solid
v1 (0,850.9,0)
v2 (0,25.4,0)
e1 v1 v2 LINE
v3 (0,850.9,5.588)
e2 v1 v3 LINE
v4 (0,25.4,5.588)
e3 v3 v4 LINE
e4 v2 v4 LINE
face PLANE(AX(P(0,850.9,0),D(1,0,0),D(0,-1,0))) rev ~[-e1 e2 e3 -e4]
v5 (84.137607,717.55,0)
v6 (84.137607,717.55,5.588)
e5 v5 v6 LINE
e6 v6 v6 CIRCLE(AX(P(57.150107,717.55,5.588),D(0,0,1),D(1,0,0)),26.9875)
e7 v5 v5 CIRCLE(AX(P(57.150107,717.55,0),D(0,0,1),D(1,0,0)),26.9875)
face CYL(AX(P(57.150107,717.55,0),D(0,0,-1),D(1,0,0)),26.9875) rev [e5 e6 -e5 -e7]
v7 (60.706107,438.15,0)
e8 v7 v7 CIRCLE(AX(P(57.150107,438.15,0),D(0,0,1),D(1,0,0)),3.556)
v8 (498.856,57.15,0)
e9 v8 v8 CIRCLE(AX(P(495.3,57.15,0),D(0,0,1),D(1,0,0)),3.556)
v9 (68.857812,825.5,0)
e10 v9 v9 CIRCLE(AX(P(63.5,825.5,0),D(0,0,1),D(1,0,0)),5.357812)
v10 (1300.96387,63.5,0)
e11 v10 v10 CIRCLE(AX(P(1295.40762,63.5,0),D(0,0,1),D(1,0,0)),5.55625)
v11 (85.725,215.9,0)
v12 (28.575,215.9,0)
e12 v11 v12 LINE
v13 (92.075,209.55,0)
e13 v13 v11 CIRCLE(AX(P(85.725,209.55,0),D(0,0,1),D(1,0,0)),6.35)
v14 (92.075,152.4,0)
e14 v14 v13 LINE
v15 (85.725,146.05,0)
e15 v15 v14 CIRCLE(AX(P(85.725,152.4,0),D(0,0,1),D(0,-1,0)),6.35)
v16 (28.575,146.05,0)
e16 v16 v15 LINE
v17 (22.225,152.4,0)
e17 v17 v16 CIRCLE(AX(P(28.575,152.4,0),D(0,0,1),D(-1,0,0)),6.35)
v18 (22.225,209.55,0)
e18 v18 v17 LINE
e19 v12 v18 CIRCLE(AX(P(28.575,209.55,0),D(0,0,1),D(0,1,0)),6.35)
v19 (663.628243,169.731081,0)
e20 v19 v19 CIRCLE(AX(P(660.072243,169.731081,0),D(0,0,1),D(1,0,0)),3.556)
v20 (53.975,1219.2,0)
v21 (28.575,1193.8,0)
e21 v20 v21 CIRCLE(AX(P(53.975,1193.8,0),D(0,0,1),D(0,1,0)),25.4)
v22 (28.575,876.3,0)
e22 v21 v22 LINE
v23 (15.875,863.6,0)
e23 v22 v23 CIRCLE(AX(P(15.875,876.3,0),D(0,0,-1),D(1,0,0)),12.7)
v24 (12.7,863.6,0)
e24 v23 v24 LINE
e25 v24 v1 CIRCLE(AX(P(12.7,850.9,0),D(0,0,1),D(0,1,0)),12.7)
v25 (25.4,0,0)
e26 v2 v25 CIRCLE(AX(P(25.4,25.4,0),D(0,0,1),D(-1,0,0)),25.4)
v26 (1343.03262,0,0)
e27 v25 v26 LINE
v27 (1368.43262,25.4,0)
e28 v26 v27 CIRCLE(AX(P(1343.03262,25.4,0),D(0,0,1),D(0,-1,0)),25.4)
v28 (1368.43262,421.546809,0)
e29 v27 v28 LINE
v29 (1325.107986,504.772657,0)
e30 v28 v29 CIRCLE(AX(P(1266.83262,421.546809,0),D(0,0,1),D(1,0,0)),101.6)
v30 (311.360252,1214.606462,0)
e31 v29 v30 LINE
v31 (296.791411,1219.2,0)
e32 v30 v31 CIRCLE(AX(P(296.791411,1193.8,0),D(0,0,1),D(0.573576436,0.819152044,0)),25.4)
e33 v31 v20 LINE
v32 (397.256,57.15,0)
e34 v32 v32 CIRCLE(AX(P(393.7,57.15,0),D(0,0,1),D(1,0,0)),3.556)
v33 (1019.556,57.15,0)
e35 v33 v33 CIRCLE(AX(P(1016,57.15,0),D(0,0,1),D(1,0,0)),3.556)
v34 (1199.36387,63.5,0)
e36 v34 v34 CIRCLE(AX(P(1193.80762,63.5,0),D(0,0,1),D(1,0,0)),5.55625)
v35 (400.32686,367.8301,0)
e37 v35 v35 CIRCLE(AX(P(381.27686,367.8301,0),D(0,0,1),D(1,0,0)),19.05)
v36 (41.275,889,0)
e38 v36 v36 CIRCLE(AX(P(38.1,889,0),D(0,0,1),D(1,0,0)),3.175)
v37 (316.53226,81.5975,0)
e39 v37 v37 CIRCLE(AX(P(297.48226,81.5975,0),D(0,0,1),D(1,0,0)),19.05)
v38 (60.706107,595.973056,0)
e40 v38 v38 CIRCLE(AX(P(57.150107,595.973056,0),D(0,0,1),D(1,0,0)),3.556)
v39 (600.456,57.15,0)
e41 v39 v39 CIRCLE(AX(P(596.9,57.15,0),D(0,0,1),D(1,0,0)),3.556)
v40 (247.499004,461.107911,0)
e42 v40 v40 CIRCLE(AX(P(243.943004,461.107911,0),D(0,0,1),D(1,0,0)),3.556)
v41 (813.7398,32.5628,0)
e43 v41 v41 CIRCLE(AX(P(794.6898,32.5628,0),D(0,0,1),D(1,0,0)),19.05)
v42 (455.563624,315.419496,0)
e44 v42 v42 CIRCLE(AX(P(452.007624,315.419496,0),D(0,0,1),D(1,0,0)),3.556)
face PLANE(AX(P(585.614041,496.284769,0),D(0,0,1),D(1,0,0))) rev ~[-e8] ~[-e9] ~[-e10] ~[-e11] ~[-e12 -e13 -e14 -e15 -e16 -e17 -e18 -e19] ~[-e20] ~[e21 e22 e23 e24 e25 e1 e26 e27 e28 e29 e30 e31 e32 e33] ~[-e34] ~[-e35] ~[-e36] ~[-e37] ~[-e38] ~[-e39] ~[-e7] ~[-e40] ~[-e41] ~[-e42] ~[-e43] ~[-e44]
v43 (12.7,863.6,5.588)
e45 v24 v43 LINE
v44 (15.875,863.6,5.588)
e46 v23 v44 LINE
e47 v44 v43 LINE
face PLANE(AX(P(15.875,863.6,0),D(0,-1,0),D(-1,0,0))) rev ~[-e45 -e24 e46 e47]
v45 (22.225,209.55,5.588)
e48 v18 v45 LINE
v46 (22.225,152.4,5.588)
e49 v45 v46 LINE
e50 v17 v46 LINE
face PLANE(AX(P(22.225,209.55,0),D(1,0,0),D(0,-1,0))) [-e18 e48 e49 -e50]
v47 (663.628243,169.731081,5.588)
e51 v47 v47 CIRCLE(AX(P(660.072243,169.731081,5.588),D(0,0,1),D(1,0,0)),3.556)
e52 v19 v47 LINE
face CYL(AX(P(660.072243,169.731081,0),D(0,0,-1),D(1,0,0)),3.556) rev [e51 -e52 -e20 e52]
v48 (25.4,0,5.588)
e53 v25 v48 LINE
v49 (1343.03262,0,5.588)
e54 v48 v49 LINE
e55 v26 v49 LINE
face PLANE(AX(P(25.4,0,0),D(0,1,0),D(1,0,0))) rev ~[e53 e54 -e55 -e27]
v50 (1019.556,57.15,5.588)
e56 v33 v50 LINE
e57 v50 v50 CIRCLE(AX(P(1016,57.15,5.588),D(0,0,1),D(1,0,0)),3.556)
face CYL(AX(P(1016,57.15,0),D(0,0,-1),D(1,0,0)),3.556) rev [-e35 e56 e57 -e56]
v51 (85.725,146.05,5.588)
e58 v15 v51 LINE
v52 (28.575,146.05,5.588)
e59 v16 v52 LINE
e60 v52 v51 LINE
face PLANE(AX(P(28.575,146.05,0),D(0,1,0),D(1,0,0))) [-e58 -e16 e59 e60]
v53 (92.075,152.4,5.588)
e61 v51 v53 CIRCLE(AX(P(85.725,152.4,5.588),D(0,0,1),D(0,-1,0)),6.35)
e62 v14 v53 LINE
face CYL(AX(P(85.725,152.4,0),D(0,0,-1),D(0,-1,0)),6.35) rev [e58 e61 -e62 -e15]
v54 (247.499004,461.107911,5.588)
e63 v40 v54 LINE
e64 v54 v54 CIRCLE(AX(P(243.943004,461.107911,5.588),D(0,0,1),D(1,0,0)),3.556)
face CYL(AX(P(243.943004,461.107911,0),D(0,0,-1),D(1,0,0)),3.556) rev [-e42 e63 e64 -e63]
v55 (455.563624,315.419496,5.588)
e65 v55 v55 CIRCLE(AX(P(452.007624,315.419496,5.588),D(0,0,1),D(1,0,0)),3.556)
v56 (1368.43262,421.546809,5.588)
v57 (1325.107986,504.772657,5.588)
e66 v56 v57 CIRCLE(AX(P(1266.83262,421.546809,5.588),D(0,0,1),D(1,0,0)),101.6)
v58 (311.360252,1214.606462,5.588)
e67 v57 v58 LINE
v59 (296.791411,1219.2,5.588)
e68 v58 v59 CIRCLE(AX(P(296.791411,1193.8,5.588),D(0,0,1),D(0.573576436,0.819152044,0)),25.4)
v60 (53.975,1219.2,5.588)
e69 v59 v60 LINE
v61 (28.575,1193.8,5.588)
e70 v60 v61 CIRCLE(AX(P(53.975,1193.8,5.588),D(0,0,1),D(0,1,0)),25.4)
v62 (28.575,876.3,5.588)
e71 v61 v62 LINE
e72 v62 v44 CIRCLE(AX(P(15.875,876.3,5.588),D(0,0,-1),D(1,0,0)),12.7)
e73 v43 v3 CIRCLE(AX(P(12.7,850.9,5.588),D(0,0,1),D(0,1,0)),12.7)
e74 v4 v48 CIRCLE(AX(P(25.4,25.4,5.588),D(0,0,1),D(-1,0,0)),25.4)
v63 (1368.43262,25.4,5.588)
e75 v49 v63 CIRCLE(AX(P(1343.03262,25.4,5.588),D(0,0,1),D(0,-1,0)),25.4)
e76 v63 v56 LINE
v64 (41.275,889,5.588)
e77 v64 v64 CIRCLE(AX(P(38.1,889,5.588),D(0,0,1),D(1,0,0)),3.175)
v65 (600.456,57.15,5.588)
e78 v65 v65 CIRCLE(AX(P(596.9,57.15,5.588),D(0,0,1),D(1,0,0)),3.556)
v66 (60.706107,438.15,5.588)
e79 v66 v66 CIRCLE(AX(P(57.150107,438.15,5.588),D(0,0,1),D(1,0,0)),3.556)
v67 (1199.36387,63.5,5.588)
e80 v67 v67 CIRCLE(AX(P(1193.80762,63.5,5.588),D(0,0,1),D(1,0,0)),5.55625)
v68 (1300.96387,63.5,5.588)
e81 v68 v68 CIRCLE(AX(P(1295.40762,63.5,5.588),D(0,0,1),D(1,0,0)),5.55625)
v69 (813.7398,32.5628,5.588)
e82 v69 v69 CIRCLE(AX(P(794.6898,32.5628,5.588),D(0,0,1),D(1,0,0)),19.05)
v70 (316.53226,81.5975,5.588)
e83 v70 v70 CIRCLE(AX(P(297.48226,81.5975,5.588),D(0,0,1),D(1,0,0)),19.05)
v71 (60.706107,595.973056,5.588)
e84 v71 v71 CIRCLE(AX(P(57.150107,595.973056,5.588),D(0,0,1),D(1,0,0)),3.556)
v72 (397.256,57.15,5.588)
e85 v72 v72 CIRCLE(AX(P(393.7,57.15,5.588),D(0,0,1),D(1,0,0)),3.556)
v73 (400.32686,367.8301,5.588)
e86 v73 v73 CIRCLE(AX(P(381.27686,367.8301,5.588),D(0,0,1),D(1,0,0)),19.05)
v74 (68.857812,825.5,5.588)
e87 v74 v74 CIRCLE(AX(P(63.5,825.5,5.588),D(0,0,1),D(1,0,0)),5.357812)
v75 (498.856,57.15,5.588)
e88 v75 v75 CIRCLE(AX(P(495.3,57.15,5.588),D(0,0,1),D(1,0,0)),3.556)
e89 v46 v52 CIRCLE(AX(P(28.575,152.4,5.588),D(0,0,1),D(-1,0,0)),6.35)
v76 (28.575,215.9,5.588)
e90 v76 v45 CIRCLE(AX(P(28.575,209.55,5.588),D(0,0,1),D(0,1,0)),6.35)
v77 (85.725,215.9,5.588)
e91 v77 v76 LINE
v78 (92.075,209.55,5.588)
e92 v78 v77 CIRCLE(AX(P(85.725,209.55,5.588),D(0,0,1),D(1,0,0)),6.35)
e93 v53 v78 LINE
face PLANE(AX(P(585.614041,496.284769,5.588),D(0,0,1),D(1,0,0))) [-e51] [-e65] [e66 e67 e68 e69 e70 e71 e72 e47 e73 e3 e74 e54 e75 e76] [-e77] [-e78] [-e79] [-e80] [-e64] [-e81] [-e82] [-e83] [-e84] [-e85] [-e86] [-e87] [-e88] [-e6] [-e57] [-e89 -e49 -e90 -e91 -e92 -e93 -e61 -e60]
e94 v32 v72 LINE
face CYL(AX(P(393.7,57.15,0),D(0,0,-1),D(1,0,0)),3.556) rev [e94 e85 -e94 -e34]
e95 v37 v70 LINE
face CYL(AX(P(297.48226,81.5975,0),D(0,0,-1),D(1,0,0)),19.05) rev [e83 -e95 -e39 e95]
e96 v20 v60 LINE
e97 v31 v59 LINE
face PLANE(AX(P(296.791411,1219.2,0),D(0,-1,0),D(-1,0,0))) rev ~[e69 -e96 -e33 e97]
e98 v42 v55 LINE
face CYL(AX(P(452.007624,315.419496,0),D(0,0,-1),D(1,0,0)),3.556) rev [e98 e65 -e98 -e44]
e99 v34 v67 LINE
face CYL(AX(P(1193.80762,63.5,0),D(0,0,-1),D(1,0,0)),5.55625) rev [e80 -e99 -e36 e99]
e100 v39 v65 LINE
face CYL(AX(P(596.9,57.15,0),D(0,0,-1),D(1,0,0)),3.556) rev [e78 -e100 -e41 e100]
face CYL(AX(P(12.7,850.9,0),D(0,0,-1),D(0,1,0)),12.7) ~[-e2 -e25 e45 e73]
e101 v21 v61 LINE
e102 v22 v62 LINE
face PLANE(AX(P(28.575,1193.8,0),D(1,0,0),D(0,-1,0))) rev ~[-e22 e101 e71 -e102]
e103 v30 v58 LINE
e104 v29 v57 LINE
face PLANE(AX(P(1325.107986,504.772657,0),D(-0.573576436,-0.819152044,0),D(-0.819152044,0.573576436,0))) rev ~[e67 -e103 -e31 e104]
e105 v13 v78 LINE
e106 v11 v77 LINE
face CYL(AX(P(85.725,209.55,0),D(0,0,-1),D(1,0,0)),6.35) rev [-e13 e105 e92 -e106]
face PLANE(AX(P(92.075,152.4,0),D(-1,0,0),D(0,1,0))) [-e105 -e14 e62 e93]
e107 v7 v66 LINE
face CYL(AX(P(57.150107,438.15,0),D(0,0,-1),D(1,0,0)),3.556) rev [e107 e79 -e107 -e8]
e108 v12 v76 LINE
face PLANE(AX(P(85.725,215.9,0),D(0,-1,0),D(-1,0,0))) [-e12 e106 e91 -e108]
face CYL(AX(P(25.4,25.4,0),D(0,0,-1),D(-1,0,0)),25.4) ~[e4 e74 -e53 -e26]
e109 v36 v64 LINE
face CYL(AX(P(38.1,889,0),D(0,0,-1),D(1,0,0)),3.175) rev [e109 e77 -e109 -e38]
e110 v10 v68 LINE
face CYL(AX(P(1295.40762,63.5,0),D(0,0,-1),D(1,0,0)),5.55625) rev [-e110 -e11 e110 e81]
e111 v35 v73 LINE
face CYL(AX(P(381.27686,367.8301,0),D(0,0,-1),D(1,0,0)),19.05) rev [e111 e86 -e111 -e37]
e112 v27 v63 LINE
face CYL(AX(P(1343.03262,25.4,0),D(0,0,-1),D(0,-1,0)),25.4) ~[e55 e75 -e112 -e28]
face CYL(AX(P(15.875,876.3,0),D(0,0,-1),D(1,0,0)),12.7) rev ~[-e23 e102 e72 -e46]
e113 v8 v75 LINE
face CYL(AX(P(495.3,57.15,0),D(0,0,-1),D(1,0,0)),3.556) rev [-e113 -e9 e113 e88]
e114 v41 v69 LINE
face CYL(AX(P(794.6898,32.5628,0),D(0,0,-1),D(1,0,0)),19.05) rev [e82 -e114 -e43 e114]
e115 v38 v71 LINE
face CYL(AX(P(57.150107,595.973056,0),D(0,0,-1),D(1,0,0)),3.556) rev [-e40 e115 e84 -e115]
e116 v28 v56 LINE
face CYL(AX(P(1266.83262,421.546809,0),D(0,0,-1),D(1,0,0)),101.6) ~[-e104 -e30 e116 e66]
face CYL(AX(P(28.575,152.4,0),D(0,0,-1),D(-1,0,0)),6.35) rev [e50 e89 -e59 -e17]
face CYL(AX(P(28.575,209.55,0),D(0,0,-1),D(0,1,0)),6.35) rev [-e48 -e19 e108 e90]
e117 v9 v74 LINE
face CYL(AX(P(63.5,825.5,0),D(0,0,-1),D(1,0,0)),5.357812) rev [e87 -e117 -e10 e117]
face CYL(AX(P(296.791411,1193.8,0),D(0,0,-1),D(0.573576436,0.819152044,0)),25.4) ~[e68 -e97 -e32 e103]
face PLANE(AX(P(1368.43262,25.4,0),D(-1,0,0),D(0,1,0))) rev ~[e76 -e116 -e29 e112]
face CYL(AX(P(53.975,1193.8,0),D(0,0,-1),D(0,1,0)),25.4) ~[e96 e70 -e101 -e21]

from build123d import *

# Parameters (mm, degrees)
SKETCH1_R           = 19.05
SKETCH1_R_2         = 26.987499999
SKETCH1_R_3         = 3.556
SKETCH1_R_4         = 5.55625
SKETCH1_R_5         = 3.175
SKETCH1_R_6         = 5.3578125
BOSS_EXTRUDE1_DEPTH = 5.588


with BuildPart() as part:
    # Sketch1 → Boss-Extrude1 (new body)
    with BuildSketch(Plane.XY):
        with BuildLine():
            Line((1368.43262, 25.4), (1368.43262, 421.546809256))
            ThreePointArc((1368.43262, 421.546809256), (1356.952920651, 468.460468361), (1325.107985933, 504.772656956))
            Line((1325.107985933, 504.772656956), (311.360252246, 1214.606461927))
            ThreePointArc((311.360252246, 1214.606461927), (304.42933807, 1218.024410551), (296.791410762, 1219.200000002))
            Line((296.791410762, 1219.200000002), (53.975, 1219.200000002))
            ThreePointArc((53.975, 1219.200000002), (36.014487758, 1211.760512244), (28.575, 1193.800000002))
            Line((28.575, 1193.800000002), (28.575, 876.300000002))
            ThreePointArc((28.575, 876.300000002), (24.855256121, 867.319743881), (15.875, 863.600000002))
            Line((15.875, 863.600000002), (12.7, 863.600000002))
            ThreePointArc((12.7, 863.600000002), (3.719743879, 859.880256123), (0, 850.900000002))
            Line((0, 850.900000002), (0, 25.4))
            ThreePointArc((0, 25.4), (7.439487758, 7.439487758), (25.4, 0))
            Line((25.4, 0), (1343.03262, 0))
            ThreePointArc((1343.03262, 0), (1360.993132242, 7.439487758), (1368.43262, 25.4))
        make_face()
        with Locations((794.6898, 32.562800001)):
            Circle(SKETCH1_R, mode=Mode.SUBTRACT)
        with Locations((381.27686, 367.8301)):
            Circle(SKETCH1_R, mode=Mode.SUBTRACT)
        with Locations((57.150106704, 717.550000002)):
            Circle(SKETCH1_R_2, mode=Mode.SUBTRACT)
        with Locations((297.48226, 81.5975)):
            Circle(SKETCH1_R, mode=Mode.SUBTRACT)
        with Locations((57.150106704, 595.973055669)):
            Circle(SKETCH1_R_3, mode=Mode.SUBTRACT)
        with Locations((57.150106704, 438.150000002)):
            Circle(SKETCH1_R_3, mode=Mode.SUBTRACT)
        with Locations((243.943004281, 461.107910727)):
            Circle(SKETCH1_R_3, mode=Mode.SUBTRACT)
        with Locations((452.007623531, 315.419495894)):
            Circle(SKETCH1_R_3, mode=Mode.SUBTRACT)
        with Locations((660.07224278, 169.731081062)):
            Circle(SKETCH1_R_3, mode=Mode.SUBTRACT)
        with Locations((393.7, 57.150000001)):
            Circle(SKETCH1_R_3, mode=Mode.SUBTRACT)
        with Locations((495.3, 57.150000001)):
            Circle(SKETCH1_R_3, mode=Mode.SUBTRACT)
        with Locations((596.9, 57.150000001)):
            Circle(SKETCH1_R_3, mode=Mode.SUBTRACT)
        with Locations((1016, 57.150000001)):
            Circle(SKETCH1_R_3, mode=Mode.SUBTRACT)
        with Locations((1193.80762, 63.5)):
            Circle(SKETCH1_R_4, mode=Mode.SUBTRACT)
        with Locations((1295.40762, 63.5)):
            Circle(SKETCH1_R_4, mode=Mode.SUBTRACT)
        with Locations((38.1, 889.000000002)):
            Circle(SKETCH1_R_5, mode=Mode.SUBTRACT)
        with Locations((63.5, 825.500000002)):
            Circle(SKETCH1_R_6, mode=Mode.SUBTRACT)
        with BuildLine():
            Line((22.225, 209.550000002), (22.225, 152.400000002))
            ThreePointArc((22.225, 152.400000002), (24.084871939, 147.909871941), (28.575, 146.050000002))
            Line((28.575, 146.050000002), (85.725, 146.050000002))
            ThreePointArc((85.725, 146.050000002), (90.215128061, 147.909871941), (92.075, 152.400000002))
            Line((92.075, 152.400000002), (92.075, 209.550000002))
            ThreePointArc((92.075, 209.550000002), (90.215128061, 214.040128062), (85.725, 215.900000002))
            Line((85.725, 215.900000002), (28.575, 215.900000002))
            ThreePointArc((28.575, 215.900000002), (24.084871939, 214.040128062), (22.225, 209.550000002))
        make_face(mode=Mode.SUBTRACT)
    extrude(amount=BOSS_EXTRUDE1_DEPTH)


solid = part.part
